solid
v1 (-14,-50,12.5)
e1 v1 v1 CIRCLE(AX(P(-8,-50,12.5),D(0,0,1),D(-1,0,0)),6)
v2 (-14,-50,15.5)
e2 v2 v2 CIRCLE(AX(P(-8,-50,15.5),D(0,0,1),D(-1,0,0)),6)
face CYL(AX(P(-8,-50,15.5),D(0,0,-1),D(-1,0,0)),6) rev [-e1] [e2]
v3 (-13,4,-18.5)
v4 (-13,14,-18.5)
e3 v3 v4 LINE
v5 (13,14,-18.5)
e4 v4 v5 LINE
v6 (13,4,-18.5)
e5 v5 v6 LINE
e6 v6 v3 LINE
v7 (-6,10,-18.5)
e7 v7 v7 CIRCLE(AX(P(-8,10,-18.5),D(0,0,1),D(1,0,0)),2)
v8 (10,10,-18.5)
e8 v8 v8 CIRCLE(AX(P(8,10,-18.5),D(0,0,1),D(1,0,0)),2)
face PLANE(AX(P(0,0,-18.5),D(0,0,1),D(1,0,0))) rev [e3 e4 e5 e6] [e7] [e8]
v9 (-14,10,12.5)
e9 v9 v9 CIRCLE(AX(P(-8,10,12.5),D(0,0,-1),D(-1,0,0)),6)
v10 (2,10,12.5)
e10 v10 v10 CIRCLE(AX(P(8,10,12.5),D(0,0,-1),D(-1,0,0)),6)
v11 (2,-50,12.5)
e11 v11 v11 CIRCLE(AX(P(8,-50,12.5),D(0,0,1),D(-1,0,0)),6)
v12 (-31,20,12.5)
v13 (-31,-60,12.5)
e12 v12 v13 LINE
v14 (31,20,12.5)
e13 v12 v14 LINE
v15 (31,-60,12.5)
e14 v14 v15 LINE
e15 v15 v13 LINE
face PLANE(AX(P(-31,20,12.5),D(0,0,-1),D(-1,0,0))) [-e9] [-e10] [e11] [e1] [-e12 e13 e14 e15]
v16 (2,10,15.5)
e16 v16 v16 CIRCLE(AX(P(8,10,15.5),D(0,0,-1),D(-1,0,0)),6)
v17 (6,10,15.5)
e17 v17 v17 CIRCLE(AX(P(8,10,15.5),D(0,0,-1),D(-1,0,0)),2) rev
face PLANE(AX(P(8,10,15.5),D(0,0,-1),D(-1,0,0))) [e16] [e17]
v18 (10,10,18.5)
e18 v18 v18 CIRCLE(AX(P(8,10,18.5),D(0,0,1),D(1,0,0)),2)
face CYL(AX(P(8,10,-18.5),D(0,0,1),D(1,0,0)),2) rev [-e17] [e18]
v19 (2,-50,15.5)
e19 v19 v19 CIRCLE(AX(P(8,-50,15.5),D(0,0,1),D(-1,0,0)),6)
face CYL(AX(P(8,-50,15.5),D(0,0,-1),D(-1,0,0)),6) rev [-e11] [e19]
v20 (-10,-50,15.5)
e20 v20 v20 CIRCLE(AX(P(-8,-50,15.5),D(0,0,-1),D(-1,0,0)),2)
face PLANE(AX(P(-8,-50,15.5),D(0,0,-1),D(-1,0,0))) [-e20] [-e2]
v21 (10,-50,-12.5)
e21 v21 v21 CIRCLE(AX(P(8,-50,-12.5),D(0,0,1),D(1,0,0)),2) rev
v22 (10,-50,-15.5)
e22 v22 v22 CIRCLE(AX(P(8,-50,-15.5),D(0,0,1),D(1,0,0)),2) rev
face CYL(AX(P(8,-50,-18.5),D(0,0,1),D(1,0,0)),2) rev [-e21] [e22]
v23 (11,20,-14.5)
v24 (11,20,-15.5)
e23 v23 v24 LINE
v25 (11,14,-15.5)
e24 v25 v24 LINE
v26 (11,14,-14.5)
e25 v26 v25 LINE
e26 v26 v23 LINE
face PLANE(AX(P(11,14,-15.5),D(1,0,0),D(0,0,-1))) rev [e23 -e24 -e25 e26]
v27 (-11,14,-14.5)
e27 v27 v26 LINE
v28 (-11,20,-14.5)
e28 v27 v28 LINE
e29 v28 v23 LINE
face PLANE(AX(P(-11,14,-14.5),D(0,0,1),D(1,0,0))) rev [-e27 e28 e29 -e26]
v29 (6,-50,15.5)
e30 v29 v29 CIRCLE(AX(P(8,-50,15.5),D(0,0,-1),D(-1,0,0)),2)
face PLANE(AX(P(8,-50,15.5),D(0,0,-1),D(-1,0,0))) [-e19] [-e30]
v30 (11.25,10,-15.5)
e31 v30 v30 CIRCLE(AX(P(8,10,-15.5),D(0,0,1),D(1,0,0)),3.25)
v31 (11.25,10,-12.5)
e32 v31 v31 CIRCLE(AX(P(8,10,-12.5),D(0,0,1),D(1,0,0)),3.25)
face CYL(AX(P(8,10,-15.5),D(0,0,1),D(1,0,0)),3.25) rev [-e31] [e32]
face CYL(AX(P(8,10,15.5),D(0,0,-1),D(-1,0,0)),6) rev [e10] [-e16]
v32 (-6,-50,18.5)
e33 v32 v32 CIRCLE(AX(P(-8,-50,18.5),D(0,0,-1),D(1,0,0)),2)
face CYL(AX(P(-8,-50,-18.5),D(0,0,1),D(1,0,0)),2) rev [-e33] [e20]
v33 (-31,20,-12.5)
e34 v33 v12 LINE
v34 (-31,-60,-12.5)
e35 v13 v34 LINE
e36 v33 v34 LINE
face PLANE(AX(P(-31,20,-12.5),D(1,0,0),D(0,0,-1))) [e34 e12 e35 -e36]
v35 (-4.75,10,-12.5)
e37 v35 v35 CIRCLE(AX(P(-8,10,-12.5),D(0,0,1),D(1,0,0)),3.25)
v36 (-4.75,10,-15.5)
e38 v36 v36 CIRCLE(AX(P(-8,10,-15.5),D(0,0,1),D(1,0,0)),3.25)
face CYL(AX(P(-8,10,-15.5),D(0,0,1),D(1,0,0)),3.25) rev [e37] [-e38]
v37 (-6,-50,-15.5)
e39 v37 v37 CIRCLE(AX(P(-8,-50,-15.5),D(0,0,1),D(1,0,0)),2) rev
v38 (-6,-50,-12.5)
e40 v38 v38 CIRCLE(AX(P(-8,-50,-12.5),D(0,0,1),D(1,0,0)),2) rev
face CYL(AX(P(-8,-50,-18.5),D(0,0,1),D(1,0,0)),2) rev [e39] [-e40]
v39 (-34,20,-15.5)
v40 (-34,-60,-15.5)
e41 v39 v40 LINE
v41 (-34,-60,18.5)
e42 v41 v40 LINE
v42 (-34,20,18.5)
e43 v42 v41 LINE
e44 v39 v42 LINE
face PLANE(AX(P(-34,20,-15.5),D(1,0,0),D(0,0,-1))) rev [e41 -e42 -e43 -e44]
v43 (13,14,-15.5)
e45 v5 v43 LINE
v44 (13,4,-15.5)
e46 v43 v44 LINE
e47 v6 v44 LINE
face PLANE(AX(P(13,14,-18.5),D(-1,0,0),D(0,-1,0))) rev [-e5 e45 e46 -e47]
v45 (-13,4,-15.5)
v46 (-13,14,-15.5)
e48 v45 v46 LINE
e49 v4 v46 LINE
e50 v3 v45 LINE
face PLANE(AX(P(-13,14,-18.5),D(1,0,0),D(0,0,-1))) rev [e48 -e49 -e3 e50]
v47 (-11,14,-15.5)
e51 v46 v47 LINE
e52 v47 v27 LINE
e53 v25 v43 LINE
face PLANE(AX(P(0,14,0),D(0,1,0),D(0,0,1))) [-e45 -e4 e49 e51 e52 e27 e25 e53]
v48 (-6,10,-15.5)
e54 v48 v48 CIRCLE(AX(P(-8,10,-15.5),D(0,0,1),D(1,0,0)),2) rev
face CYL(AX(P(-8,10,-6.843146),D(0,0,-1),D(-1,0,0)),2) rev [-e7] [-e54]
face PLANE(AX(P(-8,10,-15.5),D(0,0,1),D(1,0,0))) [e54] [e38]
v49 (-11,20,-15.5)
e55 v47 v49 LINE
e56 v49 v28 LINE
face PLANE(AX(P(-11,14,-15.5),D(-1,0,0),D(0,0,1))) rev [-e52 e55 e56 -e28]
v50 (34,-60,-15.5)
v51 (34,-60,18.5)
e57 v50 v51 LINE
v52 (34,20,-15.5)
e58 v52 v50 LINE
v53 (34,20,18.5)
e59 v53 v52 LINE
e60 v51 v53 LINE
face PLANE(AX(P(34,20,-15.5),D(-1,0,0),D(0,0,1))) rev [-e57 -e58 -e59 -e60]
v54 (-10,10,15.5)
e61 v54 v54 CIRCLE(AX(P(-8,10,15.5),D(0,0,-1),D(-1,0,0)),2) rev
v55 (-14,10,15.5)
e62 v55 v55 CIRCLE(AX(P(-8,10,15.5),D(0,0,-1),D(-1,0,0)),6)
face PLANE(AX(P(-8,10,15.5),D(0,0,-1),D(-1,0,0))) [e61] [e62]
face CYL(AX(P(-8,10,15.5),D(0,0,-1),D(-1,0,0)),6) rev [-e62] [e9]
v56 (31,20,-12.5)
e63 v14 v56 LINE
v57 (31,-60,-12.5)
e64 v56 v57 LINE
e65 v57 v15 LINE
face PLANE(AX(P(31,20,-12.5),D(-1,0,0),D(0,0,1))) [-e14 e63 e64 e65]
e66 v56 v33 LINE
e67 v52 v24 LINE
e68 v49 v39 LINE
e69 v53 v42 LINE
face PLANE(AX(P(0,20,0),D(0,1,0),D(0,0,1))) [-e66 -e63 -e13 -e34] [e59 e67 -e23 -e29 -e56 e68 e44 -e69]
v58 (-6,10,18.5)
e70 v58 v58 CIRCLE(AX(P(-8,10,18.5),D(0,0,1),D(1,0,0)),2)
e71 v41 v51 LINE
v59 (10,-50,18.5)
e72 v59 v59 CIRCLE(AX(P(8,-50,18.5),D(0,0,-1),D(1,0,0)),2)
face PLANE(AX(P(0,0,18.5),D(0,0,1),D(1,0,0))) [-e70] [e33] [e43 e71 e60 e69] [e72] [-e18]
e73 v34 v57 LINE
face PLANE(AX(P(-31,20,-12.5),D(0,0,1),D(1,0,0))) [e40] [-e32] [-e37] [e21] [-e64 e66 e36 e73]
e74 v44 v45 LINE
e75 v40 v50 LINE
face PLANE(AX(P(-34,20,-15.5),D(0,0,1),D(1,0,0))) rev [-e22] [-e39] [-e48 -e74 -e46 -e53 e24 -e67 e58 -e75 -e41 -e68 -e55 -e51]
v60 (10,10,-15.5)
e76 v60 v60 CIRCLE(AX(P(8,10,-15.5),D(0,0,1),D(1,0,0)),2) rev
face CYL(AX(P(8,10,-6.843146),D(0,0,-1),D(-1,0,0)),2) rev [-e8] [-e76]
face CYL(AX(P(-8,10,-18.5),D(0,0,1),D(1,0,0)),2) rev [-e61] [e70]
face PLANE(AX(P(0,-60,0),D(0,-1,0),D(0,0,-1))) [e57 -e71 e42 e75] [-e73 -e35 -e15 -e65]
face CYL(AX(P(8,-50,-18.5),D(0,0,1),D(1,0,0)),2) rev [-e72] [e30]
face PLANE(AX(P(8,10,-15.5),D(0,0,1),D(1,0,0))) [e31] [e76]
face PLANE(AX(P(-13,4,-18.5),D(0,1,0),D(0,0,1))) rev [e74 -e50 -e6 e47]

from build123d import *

# Parameters (mm, degrees)
SKETCH_1_W          = 68
SKETCH_1_H          = 31
SKETCH_1_W_2        = 62
SKETCH_1_H_2        = 25
EXTRUDE_1_DEPTH     = 20
SKETCH_2_W          = 22
SKETCH_2_H          = 1
CUT_EXTRUDE_1_DEPTH = 6
SKETCH_3_R          = 2
CUT_EXTRUDE_2_DEPTH = 3
EXTRUDE_2_DEPTH     = 3
SKETCH_6_R          = 2
CUT_EXTRUDE_3_DEPTH = 49.37354649
SKETCH_8_R          = 3.25
CUT_EXTRUDE_6_DEPTH = 3
SKETCH_9_W          = 68
SKETCH_9_H          = 31
SKETCH_9_W_2        = 62
SKETCH_9_H_2        = 25
EXTRUDE_3_DEPTH     = 60
EXTRUDE_START       = 3
SKETCH_11_W         = 68
SKETCH_11_H         = 80
SKETCH_11_R         = 2
EXTRUDE_5_DEPTH     = 3
SKETCH_12_R         = 6
CUT_EXTRUDE_7_DEPTH = 3


with BuildPart() as part:
    # 草图1 → 凸台-拉伸1 (new body)
    with BuildSketch(Plane(origin=(0, 0, 0), x_dir=(1, 0, 0), z_dir=(0, 1, 0))):
        Rectangle(SKETCH_1_W, SKETCH_1_H)
        Rectangle(SKETCH_1_W_2, SKETCH_1_H_2, mode=Mode.SUBTRACT)
    extrude(amount=EXTRUDE_1_DEPTH)

    # 草图2 → 切除-拉伸1 (cut)
    with BuildSketch(Plane(origin=(0, 20, 0), x_dir=(1, 0, 0), z_dir=(0, 1, 0))):
        with Locations((0, 15)):
            Rectangle(SKETCH_2_W, SKETCH_2_H)
    extrude(amount=-CUT_EXTRUDE_1_DEPTH, mode=Mode.SUBTRACT)

    # 草图3 → 切除-拉伸2 (cut)
    with BuildSketch(Plane(origin=(0, 0, -15.5), x_dir=(-1, 0, 0), z_dir=(0, 0, -1))):
        with Locations((-8, 10)):
            Circle(SKETCH_3_R)
        with Locations((8, 10)):
            Circle(SKETCH_3_R)
    extrude(amount=-CUT_EXTRUDE_2_DEPTH, mode=Mode.SUBTRACT)

    # 草图4 → 凸台-拉伸2 (add)
    with BuildSketch(Plane(origin=(0, 0, -15.5), x_dir=(-1, 0, 0), z_dir=(0, 0, -1))):
        Polygon((-11, 14), (-13, 14), (-13, 4), (-11, 4), (11, 4), (13, 4), (13, 14), (11, 14), align=None)
    extrude(amount=EXTRUDE_2_DEPTH)

    # 草图6 → 切除-拉伸3 (cut, symmetric)
    with BuildSketch(Plane.XY.offset(-12.5)):
        with Locations((-8, 10)):
            Circle(SKETCH_6_R)
        with Locations((8, 10)):
            Circle(SKETCH_6_R)
    cut_extrude_3 = extrude(amount=CUT_EXTRUDE_3_DEPTH, both=True, mode=Mode.SUBTRACT)

    # 草图8 → 切除-拉伸6 (cut)
    with BuildSketch(Plane.XY.offset(-12.5)):
        with Locations((-8, 10)):
            Circle(SKETCH_8_R)
        with Locations((8, 10)):
            Circle(SKETCH_8_R)
    extrude(amount=-CUT_EXTRUDE_6_DEPTH, mode=Mode.SUBTRACT)

    # 草图9 → 凸台-拉伸3 (add)
    with BuildSketch(Plane.XZ):
        Rectangle(SKETCH_9_W, SKETCH_9_H)
        Rectangle(SKETCH_9_W_2, SKETCH_9_H_2, mode=Mode.SUBTRACT)
    extrude(amount=EXTRUDE_3_DEPTH)

    # 草图11 → 凸台-拉伸5 (add)
    with BuildSketch(Plane.XY.offset(15.5).offset(EXTRUDE_START)):
        with Locations((0, -20)):
            Rectangle(SKETCH_11_W, SKETCH_11_H)
        with Locations((-8, 10)):
            Circle(SKETCH_11_R, mode=Mode.SUBTRACT)
        with Locations((8, 10)):
            Circle(SKETCH_11_R, mode=Mode.SUBTRACT)
    extrude(amount=-EXTRUDE_5_DEPTH)

    # 草图12 → 切除-拉伸7 (cut)
    with BuildSketch(Plane(origin=(0, 0, 12.5), x_dir=(-1, 0, 0), z_dir=(0, 0, -1))):
        with Locations((-8, 10)):
            Circle(SKETCH_12_R)
        with Locations((8, 10)):
            Circle(SKETCH_12_R)
    cut_extrude_7 = extrude(amount=-CUT_EXTRUDE_7_DEPTH, mode=Mode.SUBTRACT)

    # 镜向1: 切除-拉伸3, 切除-拉伸7 across plane
    add(cut_extrude_3.mirror(Plane.ZX.offset(-20)), mode=Mode.SUBTRACT)
    add(cut_extrude_7.mirror(Plane.ZX.offset(-20)), mode=Mode.SUBTRACT)


solid = part.part
